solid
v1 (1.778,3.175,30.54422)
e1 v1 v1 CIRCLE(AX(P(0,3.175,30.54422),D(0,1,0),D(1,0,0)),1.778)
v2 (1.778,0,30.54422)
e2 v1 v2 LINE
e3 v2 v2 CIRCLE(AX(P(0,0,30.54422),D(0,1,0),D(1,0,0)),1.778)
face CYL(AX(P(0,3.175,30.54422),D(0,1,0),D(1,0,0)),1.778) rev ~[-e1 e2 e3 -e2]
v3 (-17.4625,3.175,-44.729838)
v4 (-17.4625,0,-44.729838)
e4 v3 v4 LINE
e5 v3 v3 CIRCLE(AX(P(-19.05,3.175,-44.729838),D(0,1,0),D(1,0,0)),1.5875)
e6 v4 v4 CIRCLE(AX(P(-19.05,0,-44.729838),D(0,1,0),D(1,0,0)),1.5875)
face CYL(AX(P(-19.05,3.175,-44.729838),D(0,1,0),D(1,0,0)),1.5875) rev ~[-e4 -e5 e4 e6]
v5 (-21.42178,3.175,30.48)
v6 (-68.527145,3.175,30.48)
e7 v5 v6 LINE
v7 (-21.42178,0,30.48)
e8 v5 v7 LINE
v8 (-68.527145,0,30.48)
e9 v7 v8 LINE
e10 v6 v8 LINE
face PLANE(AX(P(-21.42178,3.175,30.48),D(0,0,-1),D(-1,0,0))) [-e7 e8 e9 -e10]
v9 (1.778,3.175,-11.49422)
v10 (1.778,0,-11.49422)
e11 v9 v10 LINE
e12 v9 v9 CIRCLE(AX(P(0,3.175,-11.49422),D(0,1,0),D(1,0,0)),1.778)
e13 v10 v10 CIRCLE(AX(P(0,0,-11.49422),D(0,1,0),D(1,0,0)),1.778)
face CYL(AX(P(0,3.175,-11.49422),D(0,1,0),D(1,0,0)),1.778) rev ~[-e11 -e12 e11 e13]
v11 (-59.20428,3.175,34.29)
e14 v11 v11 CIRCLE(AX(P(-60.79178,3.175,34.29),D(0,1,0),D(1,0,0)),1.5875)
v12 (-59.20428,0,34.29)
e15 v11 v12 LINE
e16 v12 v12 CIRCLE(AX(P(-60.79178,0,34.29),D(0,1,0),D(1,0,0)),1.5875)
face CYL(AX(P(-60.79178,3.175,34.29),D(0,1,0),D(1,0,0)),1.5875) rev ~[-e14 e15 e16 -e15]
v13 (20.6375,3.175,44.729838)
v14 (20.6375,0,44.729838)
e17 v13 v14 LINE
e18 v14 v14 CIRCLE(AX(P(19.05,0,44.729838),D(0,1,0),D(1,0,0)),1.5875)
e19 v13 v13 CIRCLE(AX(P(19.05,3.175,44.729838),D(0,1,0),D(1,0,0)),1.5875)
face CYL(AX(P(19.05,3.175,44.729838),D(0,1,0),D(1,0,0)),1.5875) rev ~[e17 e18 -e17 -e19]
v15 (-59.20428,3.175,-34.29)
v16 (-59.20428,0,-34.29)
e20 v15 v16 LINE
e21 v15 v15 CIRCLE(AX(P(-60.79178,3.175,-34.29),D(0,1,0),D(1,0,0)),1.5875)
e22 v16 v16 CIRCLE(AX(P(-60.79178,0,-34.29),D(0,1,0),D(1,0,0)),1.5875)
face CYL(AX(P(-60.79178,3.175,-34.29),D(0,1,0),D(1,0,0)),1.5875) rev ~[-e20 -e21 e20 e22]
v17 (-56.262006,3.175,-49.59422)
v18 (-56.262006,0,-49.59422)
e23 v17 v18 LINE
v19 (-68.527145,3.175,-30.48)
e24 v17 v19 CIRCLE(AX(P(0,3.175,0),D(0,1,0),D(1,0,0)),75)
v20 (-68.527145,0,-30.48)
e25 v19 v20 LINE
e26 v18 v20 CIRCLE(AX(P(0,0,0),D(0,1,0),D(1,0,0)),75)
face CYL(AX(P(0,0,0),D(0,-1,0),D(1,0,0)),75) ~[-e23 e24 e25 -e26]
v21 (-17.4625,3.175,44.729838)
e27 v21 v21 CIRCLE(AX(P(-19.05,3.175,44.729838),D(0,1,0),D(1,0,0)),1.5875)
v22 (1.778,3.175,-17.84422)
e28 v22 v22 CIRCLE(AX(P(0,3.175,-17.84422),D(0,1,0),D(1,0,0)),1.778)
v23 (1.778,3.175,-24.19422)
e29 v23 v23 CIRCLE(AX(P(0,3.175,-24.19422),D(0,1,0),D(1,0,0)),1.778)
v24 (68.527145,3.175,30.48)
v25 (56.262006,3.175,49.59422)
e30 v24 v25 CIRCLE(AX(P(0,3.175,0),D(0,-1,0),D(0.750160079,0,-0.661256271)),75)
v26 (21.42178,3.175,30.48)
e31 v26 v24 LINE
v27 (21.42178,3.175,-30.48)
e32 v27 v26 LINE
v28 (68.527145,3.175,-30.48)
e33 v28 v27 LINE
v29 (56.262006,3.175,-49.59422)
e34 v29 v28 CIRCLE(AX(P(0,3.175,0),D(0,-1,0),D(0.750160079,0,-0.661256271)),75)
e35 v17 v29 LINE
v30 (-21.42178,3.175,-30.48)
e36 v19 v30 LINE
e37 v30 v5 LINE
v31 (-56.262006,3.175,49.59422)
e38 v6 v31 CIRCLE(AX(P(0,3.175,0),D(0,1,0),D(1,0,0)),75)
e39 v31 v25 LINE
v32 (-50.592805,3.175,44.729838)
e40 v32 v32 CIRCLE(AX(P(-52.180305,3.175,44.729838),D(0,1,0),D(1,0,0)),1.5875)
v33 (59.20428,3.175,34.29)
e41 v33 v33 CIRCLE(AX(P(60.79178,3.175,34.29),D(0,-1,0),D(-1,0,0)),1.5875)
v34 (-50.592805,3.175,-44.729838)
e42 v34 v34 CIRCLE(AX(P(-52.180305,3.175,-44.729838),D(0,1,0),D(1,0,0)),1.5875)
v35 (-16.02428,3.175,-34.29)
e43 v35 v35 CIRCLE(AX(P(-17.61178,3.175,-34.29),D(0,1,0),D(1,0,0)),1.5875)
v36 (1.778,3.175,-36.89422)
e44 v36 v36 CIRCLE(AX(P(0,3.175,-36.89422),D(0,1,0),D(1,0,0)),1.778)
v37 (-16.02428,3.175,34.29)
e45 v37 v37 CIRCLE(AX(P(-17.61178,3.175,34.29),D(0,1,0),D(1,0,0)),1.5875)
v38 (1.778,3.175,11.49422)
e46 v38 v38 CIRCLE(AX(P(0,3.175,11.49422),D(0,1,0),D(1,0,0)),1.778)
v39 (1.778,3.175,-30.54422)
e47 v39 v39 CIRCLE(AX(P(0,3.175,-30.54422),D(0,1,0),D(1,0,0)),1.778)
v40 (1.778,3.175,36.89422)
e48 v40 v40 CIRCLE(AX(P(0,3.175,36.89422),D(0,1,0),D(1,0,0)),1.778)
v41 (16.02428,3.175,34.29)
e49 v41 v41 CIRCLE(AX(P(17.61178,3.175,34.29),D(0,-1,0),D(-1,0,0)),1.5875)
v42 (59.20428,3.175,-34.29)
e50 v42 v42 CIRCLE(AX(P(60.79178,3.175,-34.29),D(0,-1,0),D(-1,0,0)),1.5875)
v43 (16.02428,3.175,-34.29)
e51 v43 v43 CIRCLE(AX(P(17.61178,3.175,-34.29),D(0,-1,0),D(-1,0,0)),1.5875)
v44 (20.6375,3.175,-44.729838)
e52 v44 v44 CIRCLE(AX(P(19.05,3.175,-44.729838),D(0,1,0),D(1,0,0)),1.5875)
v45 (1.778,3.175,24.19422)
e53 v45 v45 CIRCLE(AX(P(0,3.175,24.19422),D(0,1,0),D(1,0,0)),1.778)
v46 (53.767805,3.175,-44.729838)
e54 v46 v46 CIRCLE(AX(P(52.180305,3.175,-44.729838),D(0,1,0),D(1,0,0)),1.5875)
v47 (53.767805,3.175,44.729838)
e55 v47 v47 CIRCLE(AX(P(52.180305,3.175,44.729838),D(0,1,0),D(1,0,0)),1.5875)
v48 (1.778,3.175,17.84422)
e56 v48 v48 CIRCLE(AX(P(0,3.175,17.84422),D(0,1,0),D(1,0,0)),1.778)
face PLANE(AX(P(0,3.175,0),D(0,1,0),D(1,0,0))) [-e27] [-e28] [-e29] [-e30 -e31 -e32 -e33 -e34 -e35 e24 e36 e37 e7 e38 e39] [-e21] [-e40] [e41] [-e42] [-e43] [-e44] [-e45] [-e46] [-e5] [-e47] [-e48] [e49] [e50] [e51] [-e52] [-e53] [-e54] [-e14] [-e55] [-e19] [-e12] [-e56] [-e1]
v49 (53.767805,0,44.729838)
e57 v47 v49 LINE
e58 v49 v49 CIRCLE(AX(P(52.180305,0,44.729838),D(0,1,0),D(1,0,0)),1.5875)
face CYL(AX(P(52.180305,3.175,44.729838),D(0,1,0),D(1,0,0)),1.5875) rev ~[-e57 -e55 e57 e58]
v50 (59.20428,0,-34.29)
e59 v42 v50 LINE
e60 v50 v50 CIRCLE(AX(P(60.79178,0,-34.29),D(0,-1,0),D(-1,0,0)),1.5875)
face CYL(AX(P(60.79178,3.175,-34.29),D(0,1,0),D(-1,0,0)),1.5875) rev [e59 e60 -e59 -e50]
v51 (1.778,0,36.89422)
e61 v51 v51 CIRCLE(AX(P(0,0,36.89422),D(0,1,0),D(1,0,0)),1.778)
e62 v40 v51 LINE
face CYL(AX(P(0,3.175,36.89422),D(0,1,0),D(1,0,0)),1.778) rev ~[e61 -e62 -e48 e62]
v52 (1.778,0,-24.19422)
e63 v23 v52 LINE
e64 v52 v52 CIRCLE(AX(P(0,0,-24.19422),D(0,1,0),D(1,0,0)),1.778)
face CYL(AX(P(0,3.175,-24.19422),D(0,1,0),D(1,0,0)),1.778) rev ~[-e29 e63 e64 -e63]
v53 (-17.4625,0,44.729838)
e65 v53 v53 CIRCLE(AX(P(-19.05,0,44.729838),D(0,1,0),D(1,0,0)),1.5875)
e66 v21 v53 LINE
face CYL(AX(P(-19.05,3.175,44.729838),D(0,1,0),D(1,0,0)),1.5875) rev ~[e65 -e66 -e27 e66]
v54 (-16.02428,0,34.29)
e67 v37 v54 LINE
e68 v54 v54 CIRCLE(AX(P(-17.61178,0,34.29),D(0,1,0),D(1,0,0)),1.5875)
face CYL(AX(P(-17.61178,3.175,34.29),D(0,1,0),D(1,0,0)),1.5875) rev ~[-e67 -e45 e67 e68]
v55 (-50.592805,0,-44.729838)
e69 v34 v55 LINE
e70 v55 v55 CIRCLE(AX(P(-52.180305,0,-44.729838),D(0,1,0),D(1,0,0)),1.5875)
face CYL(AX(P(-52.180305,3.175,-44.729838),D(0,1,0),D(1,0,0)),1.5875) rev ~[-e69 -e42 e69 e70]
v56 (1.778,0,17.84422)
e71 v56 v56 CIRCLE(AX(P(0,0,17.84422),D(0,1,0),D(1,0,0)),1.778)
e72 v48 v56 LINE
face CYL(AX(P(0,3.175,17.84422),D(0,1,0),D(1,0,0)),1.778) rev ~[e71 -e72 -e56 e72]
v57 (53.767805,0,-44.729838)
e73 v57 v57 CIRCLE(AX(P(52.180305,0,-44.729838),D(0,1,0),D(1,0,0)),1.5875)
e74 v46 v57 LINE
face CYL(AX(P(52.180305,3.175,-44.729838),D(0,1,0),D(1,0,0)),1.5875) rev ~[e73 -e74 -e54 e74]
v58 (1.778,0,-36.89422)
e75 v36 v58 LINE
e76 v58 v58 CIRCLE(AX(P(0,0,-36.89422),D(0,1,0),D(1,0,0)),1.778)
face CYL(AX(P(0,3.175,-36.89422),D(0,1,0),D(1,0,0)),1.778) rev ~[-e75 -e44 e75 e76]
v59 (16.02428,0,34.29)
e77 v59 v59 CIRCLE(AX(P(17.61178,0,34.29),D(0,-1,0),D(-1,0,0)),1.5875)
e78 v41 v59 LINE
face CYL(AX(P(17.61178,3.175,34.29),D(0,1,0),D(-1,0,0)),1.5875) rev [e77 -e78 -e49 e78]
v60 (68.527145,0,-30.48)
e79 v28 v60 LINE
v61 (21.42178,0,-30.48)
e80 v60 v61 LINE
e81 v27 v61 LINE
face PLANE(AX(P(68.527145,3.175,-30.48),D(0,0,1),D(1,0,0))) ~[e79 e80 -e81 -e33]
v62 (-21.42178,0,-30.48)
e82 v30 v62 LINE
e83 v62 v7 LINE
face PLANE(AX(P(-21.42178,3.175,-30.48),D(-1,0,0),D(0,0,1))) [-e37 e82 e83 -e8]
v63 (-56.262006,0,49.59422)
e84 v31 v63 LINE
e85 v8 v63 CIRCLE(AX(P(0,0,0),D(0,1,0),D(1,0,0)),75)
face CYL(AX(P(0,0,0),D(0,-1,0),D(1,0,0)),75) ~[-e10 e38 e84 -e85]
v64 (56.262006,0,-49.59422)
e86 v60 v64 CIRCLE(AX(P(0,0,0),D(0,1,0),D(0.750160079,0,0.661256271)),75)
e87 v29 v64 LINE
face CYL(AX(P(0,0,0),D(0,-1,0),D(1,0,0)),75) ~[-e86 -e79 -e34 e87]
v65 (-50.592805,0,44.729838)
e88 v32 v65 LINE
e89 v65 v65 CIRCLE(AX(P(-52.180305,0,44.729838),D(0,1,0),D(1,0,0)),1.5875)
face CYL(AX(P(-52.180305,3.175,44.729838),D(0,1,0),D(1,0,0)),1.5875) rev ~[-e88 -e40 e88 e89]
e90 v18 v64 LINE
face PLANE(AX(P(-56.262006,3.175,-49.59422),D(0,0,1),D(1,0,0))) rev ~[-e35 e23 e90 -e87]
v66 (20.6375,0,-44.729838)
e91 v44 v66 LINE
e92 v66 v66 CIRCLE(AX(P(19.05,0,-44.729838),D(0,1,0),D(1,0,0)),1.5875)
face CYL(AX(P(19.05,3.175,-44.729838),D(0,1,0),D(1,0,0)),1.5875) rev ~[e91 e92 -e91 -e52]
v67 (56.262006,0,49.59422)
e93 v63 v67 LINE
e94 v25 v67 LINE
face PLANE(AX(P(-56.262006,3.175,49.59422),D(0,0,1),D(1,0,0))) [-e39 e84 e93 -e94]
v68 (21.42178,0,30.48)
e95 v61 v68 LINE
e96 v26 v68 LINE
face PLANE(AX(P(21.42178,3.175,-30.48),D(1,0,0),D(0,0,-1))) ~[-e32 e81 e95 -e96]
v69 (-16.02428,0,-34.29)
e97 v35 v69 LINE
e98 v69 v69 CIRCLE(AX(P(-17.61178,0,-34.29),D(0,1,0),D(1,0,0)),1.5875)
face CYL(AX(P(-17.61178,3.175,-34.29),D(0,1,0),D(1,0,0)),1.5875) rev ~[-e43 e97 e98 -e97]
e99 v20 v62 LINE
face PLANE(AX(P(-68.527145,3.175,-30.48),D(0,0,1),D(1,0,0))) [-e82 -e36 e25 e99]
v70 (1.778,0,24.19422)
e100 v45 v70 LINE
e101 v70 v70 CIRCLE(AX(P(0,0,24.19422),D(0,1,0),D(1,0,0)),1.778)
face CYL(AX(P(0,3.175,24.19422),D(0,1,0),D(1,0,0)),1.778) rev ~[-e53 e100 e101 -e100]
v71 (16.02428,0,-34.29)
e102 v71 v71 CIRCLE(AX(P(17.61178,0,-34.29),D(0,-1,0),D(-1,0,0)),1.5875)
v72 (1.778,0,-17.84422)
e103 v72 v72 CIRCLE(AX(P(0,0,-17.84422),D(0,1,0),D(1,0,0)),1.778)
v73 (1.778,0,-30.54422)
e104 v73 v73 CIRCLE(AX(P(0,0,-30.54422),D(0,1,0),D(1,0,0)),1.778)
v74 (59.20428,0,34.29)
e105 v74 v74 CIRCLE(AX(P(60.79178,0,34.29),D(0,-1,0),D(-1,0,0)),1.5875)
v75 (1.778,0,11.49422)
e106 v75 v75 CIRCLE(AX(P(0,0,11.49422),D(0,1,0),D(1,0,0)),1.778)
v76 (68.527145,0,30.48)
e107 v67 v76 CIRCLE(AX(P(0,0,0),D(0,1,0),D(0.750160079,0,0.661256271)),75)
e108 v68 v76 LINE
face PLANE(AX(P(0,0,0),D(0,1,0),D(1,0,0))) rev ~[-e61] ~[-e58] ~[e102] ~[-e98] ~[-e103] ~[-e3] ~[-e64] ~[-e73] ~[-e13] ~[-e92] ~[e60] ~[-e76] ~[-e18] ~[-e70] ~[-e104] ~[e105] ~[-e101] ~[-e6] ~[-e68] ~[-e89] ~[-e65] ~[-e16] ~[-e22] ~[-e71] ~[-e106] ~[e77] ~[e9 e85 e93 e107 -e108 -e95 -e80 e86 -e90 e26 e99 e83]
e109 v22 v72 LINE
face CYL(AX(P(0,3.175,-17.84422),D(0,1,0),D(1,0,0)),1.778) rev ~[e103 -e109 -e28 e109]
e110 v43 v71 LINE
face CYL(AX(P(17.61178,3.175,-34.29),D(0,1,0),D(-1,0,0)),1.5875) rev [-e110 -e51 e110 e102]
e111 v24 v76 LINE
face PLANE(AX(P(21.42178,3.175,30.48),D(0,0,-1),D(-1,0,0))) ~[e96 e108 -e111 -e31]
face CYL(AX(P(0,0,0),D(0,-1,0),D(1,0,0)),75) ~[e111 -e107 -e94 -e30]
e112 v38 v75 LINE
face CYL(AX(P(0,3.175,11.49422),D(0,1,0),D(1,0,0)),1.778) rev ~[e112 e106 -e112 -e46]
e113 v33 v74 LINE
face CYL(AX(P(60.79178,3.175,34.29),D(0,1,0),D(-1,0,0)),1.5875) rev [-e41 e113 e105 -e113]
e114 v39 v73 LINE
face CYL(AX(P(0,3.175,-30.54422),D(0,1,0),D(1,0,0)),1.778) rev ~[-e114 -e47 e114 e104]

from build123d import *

# Parameters (mm, degrees)
SKETCH1_R           = 75
BOSS_EXTRUDE1_DEPTH = 3.175
CUT_EXTRUDE1_DEPTH  = 3.175
SKETCH3_R           = 1.778
SKETCH3_R_2         = 1.5875
CUT_EXTRUDE2_DEPTH  = 3.175
SKETCH4_R           = 1.5875
CUT_EXTRUDE3_DEPTH  = 3.175
CUT_EXTRUDE4_DEPTH  = 3.175


with BuildPart() as part:
    # Sketch1 → Boss-Extrude1 (new body)
    with BuildSketch(Plane(origin=(0, 0, 0), x_dir=(1, 0, 0), z_dir=(0, 1, 0))):
        Circle(SKETCH1_R)
    extrude(amount=BOSS_EXTRUDE1_DEPTH)

    # Sketch2 → Cut-Extrude1 (cut)
    with BuildSketch(Plane(origin=(0, 3.175, 0), x_dir=(1, 0, 0), z_dir=(0, 1, 0))):
        with BuildLine():
            Line((-56.262005909, -49.594220339), (56.262005909, -49.594220339))
            ThreePointArc((56.262005909, -49.594220339), (0, -75), (-56.262005909, -49.594220339))
        make_face()
        with BuildLine():
            Line((-56.262005909, 49.594220339), (56.262005909, 49.594220339))
            ThreePointArc((56.262005909, 49.594220339), (0, 75), (-56.262005909, 49.594220339))
        make_face()
    extrude(amount=-CUT_EXTRUDE1_DEPTH, mode=Mode.SUBTRACT)

    # Sketch3 → Cut-Extrude2 (cut)
    with BuildSketch(Plane(origin=(0, 3.175, 0), x_dir=(1, 0, 0), z_dir=(0, 1, 0))):
        with Locations((0, 36.894220339)):
            Circle(SKETCH3_R)
        with Locations((0, 11.494220339)):
            Circle(SKETCH3_R)
        with Locations((0, 17.844220339)):
            Circle(SKETCH3_R)
        with Locations((0, 24.194220339)):
            Circle(SKETCH3_R)
        with Locations((0, 30.544220339)):
            Circle(SKETCH3_R)
        with Locations((0, -11.494220339)):
            Circle(SKETCH3_R)
        with Locations((0, -17.844220339)):
            Circle(SKETCH3_R)
        with Locations((0, -24.194220339)):
            Circle(SKETCH3_R)
        with Locations((0, -30.544220339)):
            Circle(SKETCH3_R)
        with Locations((0, -36.894220339)):
            Circle(SKETCH3_R)
        with Locations((-52.180304588, -44.729838125)):
            Circle(SKETCH3_R_2)
        with Locations((52.180304588, -44.729838125)):
            Circle(SKETCH3_R_2)
        with Locations((52.180304588, 44.729838125)):
            Circle(SKETCH3_R_2)
        with Locations((-52.180304588, 44.729838125)):
            Circle(SKETCH3_R_2)
        with Locations((-19.05, 44.729838125)):
            Circle(SKETCH3_R_2)
        with Locations((-19.05, -44.729838125)):
            Circle(SKETCH3_R_2)
        with Locations((19.05, -44.729838125)):
            Circle(SKETCH3_R_2)
        with Locations((19.05, 44.729838125)):
            Circle(SKETCH3_R_2)
    extrude(amount=-CUT_EXTRUDE2_DEPTH, mode=Mode.SUBTRACT)

    # Sketch4 → Cut-Extrude3 (cut)
    with BuildSketch(Plane(origin=(0, 3.175, 0), x_dir=(1, 0, 0), z_dir=(0, 1, 0))):
        with Locations((-60.791780161, 34.29)):
            Circle(SKETCH4_R)
        with Locations((-17.611780161, 34.29)):
            Circle(SKETCH4_R)
        with Locations((-17.611780161, -34.29)):
            Circle(SKETCH4_R)
        with Locations((-60.791780161, -34.29)):
            Circle(SKETCH4_R)
    cut_extrude3 = extrude(amount=-CUT_EXTRUDE3_DEPTH, mode=Mode.SUBTRACT)

    # Sketch5 → Cut-Extrude4 (cut)
    with BuildSketch(Plane(origin=(0, 3.175, 0), x_dir=(1, 0, 0), z_dir=(0, 1, 0))):
        with BuildLine():
            Line((-68.527144986, 30.48), (-21.421780161, 30.48))
            Line((-21.421780161, 30.48), (-21.421780161, -30.48))
            Line((-21.421780161, -30.48), (-68.527144986, -30.48))
            ThreePointArc((-68.527144986, -30.48), (-75, 0), (-68.527144986, 30.48))
        make_face()
    cut_extrude4 = extrude(amount=-CUT_EXTRUDE4_DEPTH, mode=Mode.SUBTRACT)

    # Mirror1: Cut-Extrude3, Cut-Extrude4 across plane
    add(cut_extrude3.mirror(Plane(origin=(0, 0, 0), x_dir=(0, 0, 1), z_dir=(1, 0, 0))), mode=Mode.SUBTRACT)
    add(cut_extrude4.mirror(Plane(origin=(0, 0, 0), x_dir=(0, 0, 1), z_dir=(1, 0, 0))), mode=Mode.SUBTRACT)


solid = part.part
